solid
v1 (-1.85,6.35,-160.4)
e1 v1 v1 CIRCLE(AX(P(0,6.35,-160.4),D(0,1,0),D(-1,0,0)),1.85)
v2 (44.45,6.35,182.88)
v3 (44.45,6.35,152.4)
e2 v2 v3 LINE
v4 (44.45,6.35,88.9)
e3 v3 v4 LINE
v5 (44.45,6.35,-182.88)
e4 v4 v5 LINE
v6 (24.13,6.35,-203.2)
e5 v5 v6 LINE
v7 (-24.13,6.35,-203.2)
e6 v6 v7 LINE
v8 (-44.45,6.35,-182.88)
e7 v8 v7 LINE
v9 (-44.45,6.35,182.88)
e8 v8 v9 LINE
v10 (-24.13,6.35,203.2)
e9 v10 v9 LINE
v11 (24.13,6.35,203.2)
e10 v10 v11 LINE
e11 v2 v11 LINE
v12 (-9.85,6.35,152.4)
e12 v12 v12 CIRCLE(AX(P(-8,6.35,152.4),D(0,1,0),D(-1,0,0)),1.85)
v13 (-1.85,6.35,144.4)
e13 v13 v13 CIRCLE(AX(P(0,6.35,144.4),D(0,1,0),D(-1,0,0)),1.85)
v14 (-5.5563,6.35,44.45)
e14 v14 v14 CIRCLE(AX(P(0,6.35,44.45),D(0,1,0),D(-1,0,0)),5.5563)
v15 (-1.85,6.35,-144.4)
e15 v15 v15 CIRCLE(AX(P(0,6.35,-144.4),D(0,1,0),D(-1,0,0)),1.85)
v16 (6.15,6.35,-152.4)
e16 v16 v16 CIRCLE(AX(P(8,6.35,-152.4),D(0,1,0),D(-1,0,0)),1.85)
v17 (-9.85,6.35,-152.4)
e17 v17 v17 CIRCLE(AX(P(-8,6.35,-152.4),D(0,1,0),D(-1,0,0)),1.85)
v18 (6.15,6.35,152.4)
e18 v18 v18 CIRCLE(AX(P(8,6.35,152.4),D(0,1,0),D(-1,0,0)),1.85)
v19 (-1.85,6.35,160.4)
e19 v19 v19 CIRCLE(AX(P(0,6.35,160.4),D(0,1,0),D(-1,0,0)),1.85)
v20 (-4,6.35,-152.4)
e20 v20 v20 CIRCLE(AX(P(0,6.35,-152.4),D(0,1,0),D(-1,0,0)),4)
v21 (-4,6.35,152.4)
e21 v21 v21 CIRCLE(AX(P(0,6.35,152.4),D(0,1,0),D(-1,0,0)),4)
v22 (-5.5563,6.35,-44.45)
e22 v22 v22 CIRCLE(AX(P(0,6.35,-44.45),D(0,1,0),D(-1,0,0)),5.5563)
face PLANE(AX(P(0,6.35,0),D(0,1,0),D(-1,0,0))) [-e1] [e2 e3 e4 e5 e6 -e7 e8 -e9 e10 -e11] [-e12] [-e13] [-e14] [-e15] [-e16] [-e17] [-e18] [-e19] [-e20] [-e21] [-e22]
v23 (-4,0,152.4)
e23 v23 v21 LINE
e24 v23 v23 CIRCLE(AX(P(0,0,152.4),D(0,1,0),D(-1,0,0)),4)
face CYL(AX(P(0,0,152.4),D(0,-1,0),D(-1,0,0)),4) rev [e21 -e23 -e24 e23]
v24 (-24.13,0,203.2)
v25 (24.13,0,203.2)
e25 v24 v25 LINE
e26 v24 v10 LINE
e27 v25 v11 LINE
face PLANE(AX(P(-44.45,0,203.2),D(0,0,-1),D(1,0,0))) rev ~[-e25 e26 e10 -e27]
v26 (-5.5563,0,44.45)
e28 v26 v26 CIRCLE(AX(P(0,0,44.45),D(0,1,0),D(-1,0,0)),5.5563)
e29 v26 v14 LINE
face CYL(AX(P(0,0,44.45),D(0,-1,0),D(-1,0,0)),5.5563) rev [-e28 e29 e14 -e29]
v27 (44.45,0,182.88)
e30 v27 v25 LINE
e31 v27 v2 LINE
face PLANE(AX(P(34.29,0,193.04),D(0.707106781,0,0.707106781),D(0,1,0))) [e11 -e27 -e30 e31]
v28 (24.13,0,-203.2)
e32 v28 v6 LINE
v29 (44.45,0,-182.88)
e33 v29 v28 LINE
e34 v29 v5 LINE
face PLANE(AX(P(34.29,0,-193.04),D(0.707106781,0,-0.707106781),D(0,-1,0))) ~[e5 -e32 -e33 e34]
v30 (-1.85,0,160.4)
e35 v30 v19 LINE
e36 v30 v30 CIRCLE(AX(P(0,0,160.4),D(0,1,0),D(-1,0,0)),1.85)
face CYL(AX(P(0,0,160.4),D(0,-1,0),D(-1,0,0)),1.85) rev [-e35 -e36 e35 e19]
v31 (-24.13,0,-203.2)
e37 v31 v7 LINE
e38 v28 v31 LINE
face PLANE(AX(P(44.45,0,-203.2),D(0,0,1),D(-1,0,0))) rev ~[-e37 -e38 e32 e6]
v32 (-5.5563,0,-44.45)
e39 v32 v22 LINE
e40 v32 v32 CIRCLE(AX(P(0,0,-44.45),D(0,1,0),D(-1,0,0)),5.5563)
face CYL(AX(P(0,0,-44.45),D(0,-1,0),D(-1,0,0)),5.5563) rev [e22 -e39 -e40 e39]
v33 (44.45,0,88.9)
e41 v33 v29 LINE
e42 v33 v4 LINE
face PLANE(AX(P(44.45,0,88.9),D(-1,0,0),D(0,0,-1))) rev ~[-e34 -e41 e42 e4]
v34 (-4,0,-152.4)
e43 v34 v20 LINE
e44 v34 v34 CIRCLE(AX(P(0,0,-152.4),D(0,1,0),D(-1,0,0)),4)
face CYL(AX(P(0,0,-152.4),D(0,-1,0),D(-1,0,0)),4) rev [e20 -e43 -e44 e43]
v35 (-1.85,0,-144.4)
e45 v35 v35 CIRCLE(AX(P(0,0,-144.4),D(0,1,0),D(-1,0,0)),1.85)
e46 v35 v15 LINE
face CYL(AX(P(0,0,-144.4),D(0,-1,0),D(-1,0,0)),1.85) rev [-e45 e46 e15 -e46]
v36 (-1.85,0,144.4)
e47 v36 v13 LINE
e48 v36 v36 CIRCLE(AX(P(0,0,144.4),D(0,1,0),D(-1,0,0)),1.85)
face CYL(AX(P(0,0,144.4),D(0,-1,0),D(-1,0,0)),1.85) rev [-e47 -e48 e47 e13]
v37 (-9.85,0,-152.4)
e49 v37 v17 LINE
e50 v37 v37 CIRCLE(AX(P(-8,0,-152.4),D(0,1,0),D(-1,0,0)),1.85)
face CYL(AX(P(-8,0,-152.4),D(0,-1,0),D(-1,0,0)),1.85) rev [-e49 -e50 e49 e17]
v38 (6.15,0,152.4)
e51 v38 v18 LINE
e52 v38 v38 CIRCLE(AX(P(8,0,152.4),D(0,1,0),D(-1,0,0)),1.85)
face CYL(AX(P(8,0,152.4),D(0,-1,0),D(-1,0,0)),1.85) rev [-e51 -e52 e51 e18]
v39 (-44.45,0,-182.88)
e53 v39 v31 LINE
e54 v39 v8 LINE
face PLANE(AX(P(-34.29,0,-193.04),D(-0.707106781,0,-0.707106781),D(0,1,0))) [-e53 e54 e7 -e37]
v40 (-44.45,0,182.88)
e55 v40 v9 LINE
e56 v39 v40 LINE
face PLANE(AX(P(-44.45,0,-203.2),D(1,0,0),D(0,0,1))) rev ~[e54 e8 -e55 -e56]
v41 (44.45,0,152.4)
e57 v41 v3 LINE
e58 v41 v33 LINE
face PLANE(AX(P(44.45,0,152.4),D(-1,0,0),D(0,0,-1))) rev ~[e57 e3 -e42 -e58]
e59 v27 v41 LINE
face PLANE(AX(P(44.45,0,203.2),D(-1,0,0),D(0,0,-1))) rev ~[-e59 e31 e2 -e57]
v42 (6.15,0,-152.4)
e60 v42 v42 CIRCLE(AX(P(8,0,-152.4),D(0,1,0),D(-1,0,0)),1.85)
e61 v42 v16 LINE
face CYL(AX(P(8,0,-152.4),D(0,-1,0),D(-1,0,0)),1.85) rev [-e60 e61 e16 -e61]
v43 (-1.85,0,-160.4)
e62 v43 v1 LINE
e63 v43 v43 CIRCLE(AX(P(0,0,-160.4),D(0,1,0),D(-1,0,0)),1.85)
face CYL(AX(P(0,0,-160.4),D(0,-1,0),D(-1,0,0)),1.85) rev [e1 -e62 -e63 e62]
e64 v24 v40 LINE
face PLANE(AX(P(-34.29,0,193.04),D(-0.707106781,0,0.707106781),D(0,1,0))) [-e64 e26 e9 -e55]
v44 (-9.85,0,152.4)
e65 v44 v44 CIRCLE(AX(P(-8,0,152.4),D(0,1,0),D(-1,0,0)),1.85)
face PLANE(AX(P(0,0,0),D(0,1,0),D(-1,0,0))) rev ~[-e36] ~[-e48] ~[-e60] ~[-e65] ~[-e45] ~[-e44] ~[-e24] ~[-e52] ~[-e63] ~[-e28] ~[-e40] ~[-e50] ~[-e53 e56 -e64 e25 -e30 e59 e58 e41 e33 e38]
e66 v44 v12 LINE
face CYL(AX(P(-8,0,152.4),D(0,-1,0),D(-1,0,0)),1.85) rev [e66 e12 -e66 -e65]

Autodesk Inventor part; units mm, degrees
ref_plane "YZ Plane" through (0, 0, 0) normal (1, 0, 0) x (0, 1, 0)
ref_plane "XZ Plane" through (0, 0, 0) normal (0, 1, 0) x (-1, 0, 0)
ref_plane "XY Plane" through (0, 0, 0) normal (0, 0, 1) x (1, 0, 0)
sketch "Sketch1" plane through (0, 0, 0) normal (0, 1, 0) x (-1, 0, 0)
  line L0 (-44.45, -203.2) -> (44.45, -203.2)
  line L1 (44.45, -203.2) -> (44.45, 203.2)
  line L2 (44.45, 203.2) -> (-44.45, 203.2)
  line L3 (-44.45, 203.2) -> (-44.45, -203.2)
  line L4 (-44.45, -203.2) -> (44.45, 203.2) construction
  line L5 (44.45, -203.2) -> (-44.45, 203.2) construction
  line L6 (0, 203.2) -> (0, -203.2) construction
  line L7 (0, 0) -> (44.45, 0) construction
  line L8 (0, -203.2) -> (0, 203.2) construction
  line L9 (0, 152.4) -> (7.112, 152.4) construction
  line L10 (0, -152.4) -> (0, -203.2) construction
  circle A0 centre (0, -152.4) radius 4
  circle A1 centre (0, -152.4) radius 8 construction
  line L11 (0, 152.4) -> (-44.45, 152.4) construction
  line L12 (-44.45, 152.4) -> (-44.45, 88.9)
  line L13 (-44.45, 88.9) -> (0, 88.9) construction
  line L14 (0, 88.9) -> (0, 152.4) construction
  circle A2 centre (0, -144.4) radius 1.85
  circle A3 centre (-8, -152.4) radius 1.85
  circle A4 centre (0, -160.4) radius 1.85
  circle A5 centre (8, -152.4) radius 1.85
  circle A6 centre (0, 152.4) radius 4
  circle A7 centre (0, 152.4) radius 8 construction
  circle A8 centre (0, 160.4) radius 1.85
  circle A9 centre (0, 152.4) radius 8 construction
  circle A10 centre (-8, 152.4) radius 1.85
  circle A11 centre (0, 152.4) radius 8 construction
  circle A12 centre (0, 144.4) radius 1.85
  circle A13 centre (0, 152.4) radius 8 construction
  circle A14 centre (8, 152.4) radius 1.85
  line L15 (-88.9, 44.45) -> (0, 44.45) construction
  line L16 (0, 44.45) -> (0, -44.45) construction
  line L17 (0, -44.45) -> (-88.9, -44.45) construction
  line L18 (-88.9, -44.45) -> (-88.9, 44.45) construction
  line L19 (-88.9, 44.45) -> (0, -44.45) construction
  line L20 (0, 44.45) -> (-88.9, -44.45) construction
  circle A15 centre (0, 44.45) radius 5.5563
  circle A16 centre (0, -44.45) radius 5.5563
  point P0 (-44.45, 0)
  dimension "d17" = 16
  dimension "d40" = 16
  dimension "d0" = 406.4
  dimension "d1" = 88.9
  dimension "d2" = 152.4
  dimension "d16" = 8
  dimension "d24" = 44.45
  dimension "d25" = 63.5
  dimension "d34" = 3.7
  dimension "d37" = 360
  dimension "d39" = 8
  dimension "d41" = 3.7
  dimension "d44" = 360
  dimension "d63" = 88.9
  dimension "d64" = 11.1125
  dimension "d65" = 11.1125
extrude "Extrusion6" add sketch "Sketch1" along normal blind 6.35
chamfer "Chamfer6" distance 20.32 angle 45 4 edges at (-44.45, 3.175, 203.2) (44.45, 3.175, 203.2) (44.45, 3.175, -203.2) (-44.45, 3.175, -203.2)
properties part number "testPart_chassis2"
